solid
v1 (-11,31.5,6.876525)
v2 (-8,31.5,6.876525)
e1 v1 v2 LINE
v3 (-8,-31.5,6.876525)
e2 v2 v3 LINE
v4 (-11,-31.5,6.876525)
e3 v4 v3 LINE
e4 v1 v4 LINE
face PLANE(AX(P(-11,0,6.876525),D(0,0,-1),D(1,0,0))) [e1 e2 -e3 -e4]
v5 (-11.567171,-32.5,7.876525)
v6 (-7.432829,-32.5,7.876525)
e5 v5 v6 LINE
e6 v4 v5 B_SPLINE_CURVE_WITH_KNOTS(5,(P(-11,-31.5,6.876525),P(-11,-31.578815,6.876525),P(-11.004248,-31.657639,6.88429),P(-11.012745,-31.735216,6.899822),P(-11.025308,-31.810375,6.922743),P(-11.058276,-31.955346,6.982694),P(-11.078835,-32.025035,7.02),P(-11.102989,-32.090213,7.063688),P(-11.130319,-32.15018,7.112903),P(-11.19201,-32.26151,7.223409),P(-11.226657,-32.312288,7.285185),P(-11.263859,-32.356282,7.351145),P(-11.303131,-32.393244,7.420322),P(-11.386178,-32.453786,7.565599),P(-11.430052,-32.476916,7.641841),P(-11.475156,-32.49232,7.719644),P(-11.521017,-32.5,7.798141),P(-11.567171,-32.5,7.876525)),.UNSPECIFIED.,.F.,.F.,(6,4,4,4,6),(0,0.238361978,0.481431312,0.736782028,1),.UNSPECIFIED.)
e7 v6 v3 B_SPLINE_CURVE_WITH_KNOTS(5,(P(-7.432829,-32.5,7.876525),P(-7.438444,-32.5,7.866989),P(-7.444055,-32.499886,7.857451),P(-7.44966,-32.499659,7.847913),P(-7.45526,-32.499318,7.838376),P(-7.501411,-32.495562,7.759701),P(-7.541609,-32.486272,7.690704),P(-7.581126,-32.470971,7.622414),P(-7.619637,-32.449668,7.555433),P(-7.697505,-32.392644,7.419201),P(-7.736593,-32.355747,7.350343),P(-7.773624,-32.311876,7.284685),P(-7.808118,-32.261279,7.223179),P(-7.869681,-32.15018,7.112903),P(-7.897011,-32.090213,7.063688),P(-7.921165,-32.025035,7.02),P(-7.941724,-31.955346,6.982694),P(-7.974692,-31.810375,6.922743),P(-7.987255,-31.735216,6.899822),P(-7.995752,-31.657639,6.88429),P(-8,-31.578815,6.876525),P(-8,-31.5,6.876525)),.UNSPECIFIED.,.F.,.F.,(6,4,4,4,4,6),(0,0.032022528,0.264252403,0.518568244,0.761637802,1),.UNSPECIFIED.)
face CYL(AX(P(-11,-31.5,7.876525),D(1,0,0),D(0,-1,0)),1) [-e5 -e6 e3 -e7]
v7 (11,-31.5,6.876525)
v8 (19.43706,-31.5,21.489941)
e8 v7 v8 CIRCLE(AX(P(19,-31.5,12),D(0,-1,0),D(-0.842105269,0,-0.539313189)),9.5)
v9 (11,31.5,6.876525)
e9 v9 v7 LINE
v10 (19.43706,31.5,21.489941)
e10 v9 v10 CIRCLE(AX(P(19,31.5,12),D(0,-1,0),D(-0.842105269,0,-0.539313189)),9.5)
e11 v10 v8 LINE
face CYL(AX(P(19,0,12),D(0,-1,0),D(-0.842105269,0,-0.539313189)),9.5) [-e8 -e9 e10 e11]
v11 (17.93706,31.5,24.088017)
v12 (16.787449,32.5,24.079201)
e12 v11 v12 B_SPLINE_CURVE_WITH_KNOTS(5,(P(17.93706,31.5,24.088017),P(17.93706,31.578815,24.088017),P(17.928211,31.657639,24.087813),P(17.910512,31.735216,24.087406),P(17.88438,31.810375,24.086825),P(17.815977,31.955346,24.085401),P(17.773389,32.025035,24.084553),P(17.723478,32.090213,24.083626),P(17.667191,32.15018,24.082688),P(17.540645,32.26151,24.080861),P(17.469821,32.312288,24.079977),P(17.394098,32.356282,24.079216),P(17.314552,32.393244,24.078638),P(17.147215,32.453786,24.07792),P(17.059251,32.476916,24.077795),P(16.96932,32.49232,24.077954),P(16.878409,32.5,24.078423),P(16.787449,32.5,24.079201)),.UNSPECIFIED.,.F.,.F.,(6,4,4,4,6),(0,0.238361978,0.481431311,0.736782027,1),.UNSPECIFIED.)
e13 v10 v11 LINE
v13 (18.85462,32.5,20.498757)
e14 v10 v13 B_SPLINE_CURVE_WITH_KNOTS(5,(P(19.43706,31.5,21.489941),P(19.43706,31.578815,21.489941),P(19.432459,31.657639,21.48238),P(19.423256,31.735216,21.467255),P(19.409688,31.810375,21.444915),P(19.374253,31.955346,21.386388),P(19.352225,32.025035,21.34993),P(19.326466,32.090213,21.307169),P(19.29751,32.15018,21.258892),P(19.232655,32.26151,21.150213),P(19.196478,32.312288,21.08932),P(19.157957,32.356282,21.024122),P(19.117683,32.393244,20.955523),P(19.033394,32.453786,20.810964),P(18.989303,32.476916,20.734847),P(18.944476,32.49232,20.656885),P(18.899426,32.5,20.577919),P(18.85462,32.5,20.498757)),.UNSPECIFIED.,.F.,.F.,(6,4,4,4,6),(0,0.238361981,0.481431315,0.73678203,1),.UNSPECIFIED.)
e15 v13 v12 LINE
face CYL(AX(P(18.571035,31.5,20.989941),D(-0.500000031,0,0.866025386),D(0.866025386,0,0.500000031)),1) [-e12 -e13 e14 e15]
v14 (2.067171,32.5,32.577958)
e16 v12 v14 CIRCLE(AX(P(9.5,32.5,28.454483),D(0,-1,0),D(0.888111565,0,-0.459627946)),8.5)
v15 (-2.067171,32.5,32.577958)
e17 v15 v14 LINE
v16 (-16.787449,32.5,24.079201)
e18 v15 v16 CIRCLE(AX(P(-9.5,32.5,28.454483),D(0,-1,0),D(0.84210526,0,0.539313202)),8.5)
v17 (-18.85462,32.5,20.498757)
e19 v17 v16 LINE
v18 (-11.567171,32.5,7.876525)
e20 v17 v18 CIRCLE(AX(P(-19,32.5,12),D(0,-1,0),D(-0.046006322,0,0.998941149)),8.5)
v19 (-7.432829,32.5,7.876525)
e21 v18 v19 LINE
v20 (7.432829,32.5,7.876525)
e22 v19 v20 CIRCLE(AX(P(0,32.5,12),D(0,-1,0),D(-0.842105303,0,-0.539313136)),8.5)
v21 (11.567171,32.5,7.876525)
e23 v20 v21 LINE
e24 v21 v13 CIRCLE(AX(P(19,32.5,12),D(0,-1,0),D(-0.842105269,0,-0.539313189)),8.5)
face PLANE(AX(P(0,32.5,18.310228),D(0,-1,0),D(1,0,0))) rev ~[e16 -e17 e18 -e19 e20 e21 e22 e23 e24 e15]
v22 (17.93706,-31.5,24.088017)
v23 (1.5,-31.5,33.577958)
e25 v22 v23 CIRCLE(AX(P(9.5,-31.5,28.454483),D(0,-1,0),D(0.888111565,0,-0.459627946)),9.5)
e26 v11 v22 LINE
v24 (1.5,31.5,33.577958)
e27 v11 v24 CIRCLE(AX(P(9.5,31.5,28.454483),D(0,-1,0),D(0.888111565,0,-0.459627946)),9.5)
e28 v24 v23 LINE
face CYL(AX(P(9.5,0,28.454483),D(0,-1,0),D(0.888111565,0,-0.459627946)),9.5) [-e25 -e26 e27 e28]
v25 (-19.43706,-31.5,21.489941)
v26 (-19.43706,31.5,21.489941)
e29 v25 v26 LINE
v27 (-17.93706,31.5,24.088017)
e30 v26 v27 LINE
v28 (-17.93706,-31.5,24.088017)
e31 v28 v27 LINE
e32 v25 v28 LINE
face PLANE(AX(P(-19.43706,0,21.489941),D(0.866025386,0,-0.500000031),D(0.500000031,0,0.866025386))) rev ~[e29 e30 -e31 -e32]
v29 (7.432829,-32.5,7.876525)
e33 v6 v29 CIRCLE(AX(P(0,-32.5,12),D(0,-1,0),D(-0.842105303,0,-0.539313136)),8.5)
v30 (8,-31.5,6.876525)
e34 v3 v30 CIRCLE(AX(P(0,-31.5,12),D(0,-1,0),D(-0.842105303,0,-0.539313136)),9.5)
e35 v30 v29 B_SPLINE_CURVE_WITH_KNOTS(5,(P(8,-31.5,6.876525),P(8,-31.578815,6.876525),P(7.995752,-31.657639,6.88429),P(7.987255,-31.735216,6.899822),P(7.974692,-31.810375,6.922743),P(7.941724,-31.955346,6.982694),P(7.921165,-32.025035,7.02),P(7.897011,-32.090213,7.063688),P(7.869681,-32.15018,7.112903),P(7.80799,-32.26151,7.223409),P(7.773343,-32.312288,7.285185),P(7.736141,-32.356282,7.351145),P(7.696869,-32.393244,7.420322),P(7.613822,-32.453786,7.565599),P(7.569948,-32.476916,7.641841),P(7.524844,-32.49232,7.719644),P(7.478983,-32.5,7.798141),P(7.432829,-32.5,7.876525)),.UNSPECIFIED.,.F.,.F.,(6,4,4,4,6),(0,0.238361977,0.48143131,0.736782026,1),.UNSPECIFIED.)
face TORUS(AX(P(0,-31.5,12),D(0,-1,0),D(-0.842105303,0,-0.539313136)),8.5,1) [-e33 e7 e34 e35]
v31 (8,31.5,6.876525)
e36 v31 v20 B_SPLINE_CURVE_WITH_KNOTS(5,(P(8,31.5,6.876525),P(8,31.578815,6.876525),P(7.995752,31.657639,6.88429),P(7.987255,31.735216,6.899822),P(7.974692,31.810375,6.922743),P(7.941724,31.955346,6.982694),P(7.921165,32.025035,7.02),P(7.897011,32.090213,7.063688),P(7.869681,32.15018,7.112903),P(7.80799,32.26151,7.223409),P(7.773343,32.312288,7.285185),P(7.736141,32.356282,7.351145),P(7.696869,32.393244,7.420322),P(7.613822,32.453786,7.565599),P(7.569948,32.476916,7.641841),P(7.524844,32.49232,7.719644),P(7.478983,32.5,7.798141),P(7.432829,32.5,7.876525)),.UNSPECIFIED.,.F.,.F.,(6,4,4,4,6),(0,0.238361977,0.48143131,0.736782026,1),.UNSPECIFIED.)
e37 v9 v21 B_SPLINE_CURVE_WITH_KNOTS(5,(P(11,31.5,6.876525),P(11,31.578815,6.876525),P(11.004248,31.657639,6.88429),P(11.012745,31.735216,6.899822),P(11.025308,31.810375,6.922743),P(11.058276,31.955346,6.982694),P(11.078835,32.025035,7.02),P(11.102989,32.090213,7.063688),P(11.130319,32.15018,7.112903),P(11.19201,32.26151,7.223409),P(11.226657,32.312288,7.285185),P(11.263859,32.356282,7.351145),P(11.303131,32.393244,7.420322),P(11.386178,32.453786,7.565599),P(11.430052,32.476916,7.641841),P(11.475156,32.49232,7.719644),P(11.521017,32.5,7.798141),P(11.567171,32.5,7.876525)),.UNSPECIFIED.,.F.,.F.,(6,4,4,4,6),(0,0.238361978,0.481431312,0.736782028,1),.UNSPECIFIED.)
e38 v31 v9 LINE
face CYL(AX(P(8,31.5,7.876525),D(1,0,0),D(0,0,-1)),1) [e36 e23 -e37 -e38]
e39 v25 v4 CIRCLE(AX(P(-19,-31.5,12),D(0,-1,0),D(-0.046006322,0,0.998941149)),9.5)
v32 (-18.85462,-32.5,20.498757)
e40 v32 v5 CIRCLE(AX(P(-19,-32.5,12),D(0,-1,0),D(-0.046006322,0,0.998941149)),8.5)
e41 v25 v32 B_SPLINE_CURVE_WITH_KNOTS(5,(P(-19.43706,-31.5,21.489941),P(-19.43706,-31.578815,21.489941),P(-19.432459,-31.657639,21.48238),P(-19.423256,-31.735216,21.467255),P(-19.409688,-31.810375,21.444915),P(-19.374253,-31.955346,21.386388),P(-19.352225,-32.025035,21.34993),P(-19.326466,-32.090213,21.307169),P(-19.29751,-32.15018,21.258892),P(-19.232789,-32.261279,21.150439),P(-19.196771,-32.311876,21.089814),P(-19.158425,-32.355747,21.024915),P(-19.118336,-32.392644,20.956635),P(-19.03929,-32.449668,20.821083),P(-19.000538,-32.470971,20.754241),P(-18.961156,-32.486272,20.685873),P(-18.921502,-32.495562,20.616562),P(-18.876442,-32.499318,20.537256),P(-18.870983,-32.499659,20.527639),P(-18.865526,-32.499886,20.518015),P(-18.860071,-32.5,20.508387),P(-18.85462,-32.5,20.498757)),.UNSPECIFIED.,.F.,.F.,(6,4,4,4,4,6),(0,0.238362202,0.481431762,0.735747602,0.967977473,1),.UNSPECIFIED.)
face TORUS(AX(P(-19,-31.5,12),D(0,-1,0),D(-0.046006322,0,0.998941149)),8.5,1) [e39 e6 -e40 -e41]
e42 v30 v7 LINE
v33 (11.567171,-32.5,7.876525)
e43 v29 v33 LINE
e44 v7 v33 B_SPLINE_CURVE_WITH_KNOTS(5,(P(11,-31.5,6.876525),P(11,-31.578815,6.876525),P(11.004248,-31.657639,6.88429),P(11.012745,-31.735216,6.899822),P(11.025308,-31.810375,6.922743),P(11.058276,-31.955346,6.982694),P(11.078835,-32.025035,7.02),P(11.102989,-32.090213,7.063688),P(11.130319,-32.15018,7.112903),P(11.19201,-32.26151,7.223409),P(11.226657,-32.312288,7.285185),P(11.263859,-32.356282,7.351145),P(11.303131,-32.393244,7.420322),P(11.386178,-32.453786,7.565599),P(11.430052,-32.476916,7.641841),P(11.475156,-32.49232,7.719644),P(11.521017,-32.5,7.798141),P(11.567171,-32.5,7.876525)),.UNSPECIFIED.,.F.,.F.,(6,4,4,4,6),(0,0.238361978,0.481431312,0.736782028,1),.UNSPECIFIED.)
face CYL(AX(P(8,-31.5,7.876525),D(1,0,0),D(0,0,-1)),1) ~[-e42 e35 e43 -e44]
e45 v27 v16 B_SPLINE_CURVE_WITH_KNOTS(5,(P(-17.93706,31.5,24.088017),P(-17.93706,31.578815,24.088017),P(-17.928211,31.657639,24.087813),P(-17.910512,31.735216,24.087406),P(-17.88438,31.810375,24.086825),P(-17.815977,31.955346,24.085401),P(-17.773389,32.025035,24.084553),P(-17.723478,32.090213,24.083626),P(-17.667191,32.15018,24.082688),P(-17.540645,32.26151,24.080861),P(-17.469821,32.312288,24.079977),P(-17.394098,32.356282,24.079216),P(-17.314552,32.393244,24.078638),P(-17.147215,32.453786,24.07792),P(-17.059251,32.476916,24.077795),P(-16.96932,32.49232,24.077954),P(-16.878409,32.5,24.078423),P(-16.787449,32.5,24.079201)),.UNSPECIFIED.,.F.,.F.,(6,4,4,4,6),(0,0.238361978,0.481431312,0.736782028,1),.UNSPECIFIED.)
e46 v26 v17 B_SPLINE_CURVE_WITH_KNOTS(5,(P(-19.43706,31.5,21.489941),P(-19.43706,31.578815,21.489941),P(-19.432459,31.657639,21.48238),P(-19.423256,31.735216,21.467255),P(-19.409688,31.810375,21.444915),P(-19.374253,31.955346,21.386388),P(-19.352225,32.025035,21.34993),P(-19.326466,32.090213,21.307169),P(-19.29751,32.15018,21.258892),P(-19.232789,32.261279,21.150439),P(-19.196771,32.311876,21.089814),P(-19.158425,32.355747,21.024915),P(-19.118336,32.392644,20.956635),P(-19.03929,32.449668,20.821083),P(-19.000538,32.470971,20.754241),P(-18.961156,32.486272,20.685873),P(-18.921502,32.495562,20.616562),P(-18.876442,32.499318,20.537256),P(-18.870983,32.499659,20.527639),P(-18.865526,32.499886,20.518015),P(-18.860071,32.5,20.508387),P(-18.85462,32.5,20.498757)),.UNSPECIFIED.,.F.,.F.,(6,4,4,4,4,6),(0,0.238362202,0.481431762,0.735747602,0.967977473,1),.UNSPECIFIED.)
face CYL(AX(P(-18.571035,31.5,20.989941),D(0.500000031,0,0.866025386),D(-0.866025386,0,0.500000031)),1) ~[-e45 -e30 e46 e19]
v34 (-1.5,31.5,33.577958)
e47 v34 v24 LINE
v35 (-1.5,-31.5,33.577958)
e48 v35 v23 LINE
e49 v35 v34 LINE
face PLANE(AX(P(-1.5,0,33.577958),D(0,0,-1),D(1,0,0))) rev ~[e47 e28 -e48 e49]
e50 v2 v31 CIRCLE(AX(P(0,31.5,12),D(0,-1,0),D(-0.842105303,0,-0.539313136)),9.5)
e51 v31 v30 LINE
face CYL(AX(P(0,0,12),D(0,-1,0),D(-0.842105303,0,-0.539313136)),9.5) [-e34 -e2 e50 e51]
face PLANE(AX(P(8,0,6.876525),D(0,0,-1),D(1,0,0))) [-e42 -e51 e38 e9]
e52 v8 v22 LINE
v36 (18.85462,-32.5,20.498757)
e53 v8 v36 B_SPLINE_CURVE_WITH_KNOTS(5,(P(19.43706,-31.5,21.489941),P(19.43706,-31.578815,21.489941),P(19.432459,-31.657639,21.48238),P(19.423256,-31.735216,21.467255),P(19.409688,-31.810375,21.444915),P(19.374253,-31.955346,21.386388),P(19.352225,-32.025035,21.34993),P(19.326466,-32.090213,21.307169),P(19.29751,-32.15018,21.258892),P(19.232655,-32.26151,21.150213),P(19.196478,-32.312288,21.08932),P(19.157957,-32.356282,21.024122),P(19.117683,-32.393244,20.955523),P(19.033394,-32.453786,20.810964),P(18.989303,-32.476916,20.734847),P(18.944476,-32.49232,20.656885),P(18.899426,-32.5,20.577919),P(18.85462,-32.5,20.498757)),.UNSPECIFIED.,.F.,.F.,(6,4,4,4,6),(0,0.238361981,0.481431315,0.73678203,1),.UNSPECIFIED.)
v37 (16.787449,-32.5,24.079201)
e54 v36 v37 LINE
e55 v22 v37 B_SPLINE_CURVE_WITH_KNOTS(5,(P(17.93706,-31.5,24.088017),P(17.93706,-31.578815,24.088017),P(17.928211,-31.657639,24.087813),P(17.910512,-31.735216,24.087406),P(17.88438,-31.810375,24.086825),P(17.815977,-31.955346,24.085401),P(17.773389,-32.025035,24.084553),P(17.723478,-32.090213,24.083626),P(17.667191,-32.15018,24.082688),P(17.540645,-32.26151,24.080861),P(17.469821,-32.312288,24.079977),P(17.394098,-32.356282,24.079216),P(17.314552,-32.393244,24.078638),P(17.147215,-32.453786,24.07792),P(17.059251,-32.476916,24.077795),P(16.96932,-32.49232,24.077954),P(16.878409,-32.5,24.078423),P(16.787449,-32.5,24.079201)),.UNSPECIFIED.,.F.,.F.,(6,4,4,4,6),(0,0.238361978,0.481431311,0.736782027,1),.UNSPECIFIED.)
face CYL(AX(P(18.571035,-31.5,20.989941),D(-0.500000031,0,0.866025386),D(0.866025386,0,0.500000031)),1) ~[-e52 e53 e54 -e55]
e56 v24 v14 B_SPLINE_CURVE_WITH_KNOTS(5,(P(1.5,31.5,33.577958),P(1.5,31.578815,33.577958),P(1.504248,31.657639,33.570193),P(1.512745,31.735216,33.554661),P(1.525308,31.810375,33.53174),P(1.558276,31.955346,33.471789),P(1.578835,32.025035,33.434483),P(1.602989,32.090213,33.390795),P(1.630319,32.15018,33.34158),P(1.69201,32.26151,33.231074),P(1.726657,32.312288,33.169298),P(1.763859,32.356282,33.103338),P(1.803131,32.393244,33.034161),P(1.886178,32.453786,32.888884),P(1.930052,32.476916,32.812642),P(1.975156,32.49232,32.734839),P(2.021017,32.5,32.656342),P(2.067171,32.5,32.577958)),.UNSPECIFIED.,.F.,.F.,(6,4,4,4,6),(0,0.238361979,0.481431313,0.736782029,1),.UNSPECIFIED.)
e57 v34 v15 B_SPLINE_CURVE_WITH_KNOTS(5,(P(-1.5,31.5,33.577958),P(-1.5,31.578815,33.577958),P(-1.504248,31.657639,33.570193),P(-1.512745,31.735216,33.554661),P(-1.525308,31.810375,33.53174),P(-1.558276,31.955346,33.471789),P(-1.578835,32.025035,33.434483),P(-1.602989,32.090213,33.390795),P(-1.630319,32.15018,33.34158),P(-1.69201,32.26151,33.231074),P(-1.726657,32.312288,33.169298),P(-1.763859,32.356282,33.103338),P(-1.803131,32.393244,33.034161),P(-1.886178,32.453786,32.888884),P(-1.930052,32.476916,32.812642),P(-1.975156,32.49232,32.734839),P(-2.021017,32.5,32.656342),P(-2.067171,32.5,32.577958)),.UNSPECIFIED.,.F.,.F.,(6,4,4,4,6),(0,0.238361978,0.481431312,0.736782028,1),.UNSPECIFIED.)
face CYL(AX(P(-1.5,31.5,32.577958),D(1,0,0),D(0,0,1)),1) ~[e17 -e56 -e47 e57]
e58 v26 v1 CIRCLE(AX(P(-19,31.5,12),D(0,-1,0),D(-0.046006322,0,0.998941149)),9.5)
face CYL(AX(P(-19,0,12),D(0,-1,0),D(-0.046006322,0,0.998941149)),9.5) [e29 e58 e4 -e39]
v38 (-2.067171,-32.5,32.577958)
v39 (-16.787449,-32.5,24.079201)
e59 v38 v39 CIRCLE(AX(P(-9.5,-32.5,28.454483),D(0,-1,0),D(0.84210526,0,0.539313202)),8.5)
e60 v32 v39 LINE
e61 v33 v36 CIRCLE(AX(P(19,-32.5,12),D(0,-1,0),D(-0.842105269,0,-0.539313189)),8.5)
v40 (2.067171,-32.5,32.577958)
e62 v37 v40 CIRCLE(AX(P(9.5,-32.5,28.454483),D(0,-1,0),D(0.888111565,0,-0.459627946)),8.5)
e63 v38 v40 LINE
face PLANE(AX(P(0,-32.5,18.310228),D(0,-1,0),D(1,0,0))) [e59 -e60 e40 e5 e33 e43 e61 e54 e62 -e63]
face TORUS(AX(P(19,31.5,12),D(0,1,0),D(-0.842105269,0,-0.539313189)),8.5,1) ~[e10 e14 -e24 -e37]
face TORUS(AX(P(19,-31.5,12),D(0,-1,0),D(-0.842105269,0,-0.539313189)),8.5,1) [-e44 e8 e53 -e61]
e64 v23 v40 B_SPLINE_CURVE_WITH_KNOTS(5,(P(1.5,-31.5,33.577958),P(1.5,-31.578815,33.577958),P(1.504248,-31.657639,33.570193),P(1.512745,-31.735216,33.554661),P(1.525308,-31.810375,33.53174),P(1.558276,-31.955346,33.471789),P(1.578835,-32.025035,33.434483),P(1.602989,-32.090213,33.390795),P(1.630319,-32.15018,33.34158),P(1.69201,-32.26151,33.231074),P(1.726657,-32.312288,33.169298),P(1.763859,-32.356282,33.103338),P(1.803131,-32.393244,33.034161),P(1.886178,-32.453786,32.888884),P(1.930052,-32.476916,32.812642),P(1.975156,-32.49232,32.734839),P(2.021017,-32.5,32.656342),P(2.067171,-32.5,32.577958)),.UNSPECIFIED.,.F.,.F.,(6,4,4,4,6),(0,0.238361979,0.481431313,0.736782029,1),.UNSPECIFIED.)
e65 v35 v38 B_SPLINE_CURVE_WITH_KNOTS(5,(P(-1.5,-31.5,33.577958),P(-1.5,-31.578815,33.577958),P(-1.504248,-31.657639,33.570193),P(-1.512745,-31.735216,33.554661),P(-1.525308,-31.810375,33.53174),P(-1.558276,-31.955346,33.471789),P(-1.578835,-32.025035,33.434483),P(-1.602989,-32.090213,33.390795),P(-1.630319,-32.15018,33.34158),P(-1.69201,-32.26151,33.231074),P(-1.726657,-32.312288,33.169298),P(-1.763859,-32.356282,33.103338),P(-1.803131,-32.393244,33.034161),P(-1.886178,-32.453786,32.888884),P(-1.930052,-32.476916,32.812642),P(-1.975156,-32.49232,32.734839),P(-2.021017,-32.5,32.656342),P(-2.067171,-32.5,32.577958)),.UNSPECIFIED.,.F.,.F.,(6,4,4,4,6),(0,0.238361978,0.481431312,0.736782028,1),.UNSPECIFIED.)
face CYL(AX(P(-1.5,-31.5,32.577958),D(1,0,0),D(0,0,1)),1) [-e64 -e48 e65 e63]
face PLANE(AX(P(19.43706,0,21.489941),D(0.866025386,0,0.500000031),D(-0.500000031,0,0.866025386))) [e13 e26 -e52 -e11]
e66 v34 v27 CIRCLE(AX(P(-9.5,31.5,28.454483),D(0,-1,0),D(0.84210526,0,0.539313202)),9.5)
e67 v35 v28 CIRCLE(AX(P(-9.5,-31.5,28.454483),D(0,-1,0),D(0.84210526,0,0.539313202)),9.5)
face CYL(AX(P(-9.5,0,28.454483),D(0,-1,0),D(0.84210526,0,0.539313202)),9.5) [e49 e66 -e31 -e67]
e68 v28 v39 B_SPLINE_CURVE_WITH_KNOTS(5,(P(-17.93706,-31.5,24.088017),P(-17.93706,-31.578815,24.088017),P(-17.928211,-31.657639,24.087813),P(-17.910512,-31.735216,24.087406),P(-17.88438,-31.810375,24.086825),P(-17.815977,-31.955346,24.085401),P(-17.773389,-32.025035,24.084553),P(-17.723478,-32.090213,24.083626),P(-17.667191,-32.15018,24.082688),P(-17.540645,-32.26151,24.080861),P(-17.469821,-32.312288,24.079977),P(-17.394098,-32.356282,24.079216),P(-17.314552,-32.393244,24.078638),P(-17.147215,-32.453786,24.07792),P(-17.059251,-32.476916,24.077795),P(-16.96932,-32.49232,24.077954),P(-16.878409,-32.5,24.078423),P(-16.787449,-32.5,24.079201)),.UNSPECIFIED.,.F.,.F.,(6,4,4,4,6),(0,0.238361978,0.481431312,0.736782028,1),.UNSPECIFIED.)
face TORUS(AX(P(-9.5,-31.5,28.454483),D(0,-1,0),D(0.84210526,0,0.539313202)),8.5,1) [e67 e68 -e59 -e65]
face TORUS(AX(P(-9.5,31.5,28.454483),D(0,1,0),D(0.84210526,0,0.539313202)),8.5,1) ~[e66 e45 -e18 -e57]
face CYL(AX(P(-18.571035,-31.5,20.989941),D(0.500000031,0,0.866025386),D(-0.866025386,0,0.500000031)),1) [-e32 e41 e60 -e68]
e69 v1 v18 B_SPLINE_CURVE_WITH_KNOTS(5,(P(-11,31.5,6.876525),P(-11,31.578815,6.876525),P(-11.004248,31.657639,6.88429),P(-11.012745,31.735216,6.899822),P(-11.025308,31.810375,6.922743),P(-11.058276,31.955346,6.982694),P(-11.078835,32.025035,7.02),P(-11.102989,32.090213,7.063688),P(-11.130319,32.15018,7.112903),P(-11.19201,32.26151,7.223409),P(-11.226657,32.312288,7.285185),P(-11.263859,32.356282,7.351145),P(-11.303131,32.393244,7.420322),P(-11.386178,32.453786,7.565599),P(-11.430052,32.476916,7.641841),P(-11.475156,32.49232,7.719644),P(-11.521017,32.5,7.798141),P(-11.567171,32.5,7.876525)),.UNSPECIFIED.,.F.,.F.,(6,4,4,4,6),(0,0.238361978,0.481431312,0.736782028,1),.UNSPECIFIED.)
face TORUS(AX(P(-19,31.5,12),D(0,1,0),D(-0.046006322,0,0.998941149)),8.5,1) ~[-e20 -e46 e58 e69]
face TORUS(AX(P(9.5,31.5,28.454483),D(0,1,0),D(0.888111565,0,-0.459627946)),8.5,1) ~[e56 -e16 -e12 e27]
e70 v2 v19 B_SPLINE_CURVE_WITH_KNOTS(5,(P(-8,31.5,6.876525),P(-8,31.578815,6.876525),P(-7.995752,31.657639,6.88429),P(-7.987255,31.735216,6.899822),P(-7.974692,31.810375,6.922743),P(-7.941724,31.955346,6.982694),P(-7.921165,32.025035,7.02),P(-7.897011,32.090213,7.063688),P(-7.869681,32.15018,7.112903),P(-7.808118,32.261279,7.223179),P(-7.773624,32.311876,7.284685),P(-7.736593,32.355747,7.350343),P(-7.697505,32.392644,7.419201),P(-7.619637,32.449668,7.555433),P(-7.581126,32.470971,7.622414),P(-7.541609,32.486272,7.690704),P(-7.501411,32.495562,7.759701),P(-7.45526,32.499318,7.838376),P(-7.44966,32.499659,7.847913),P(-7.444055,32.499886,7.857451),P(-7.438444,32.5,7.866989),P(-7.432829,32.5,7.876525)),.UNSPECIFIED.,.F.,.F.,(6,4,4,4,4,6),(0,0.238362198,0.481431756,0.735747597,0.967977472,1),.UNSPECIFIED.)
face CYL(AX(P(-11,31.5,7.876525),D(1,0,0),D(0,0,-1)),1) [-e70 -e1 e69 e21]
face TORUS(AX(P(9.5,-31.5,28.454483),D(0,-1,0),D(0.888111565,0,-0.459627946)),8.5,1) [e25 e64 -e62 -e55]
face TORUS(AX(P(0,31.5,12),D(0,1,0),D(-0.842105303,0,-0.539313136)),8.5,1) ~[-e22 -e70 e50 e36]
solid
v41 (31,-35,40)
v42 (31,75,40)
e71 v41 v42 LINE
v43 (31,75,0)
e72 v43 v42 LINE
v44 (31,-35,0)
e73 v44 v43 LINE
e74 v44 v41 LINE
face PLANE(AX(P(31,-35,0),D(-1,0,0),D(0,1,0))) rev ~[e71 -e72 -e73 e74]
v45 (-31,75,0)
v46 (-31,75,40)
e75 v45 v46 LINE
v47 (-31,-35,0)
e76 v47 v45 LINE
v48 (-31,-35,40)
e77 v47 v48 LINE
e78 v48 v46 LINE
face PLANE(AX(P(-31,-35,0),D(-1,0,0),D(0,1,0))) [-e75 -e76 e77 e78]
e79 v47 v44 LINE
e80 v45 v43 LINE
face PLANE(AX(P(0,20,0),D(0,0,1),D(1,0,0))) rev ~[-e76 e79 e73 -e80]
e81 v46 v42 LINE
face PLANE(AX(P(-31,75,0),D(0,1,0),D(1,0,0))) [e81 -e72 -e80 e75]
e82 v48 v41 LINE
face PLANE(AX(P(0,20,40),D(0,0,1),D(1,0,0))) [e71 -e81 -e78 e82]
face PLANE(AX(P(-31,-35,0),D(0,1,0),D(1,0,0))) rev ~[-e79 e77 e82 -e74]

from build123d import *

# Parameters (mm, degrees)
PAD_DEPTH = 32.5
FILLET_R  = 1
BOX_W     = 62
BOX_H     = 110
BOX_DEPTH = 40


with BuildPart() as fillet_body:
    # Sketch → Pad (new body, symmetric)
    with BuildSketch(Plane.XZ):
        with BuildLine():
            ThreePointArc((-19.43706, 21.489941), (-27.227241, 7.25), (-11, 6.876525))
            Line((-11, 6.876525), (-8, 6.876525))
            ThreePointArc((-8, 6.876525), (0, 2.5), (8, 6.876525))
            Line((8, 6.876525), (11, 6.876525))
            ThreePointArc((11, 6.876525), (27.227241, 7.25), (19.43706, 21.489941))
            Line((19.43706, 21.489941), (17.93706, 24.088017))
            ThreePointArc((17.93706, 24.088017), (14.25, 36.681724), (1.5, 33.577958))
            Line((-1.5, 33.577958), (1.5, 33.577958))
            ThreePointArc((-1.5, 33.577958), (-14.25, 36.681724), (-17.93706, 24.088017))
            Line((-19.43706, 21.489941), (-17.93706, 24.088017))
        make_face()
    extrude(amount=PAD_DEPTH, both=True)

    # Fillet
    fillet_edges = [fillet_body.edges().sort_by_distance(p)[0] for p in [
        (-27.227241, -32.5, 7.25),
        (-9.5, -32.5, 6.876525),
        (0, -32.5, 2.5),
        (9.5, -32.5, 6.876525),
        (27.227241, -32.5, 7.25),
        (18.68706, -32.5, 22.788979),
        (14.25, -32.5, 36.681724),
        (0, -32.5, 33.577958),
        (-14.25, -32.5, 36.681724),
        (-18.68706, -32.5, 22.788979),
        (-27.227241, 32.5, 7.25),
        (-9.5, 32.5, 6.876525),
        (0, 32.5, 2.5),
        (9.5, 32.5, 6.876525),
        (27.227241, 32.5, 7.25),
        (18.68706, 32.5, 22.788979),
        (14.25, 32.5, 36.681724),
        (0, 32.5, 33.577958),
        (-14.25, 32.5, 36.681724),
        (-18.68706, 32.5, 22.788979),
    ]]
    fillet(fillet_edges, radius=FILLET_R)


with BuildPart() as cubo:
    # Box → Box (new body)
    with BuildSketch(Plane(origin=(-31, -35, 0), x_dir=(1, 0, 0), z_dir=(0, 0, 1))):
        with Locations((31, 55)):
            Rectangle(BOX_W, BOX_H)
    extrude(amount=BOX_DEPTH)


solid = Compound([fillet_body.part, cubo.part])
